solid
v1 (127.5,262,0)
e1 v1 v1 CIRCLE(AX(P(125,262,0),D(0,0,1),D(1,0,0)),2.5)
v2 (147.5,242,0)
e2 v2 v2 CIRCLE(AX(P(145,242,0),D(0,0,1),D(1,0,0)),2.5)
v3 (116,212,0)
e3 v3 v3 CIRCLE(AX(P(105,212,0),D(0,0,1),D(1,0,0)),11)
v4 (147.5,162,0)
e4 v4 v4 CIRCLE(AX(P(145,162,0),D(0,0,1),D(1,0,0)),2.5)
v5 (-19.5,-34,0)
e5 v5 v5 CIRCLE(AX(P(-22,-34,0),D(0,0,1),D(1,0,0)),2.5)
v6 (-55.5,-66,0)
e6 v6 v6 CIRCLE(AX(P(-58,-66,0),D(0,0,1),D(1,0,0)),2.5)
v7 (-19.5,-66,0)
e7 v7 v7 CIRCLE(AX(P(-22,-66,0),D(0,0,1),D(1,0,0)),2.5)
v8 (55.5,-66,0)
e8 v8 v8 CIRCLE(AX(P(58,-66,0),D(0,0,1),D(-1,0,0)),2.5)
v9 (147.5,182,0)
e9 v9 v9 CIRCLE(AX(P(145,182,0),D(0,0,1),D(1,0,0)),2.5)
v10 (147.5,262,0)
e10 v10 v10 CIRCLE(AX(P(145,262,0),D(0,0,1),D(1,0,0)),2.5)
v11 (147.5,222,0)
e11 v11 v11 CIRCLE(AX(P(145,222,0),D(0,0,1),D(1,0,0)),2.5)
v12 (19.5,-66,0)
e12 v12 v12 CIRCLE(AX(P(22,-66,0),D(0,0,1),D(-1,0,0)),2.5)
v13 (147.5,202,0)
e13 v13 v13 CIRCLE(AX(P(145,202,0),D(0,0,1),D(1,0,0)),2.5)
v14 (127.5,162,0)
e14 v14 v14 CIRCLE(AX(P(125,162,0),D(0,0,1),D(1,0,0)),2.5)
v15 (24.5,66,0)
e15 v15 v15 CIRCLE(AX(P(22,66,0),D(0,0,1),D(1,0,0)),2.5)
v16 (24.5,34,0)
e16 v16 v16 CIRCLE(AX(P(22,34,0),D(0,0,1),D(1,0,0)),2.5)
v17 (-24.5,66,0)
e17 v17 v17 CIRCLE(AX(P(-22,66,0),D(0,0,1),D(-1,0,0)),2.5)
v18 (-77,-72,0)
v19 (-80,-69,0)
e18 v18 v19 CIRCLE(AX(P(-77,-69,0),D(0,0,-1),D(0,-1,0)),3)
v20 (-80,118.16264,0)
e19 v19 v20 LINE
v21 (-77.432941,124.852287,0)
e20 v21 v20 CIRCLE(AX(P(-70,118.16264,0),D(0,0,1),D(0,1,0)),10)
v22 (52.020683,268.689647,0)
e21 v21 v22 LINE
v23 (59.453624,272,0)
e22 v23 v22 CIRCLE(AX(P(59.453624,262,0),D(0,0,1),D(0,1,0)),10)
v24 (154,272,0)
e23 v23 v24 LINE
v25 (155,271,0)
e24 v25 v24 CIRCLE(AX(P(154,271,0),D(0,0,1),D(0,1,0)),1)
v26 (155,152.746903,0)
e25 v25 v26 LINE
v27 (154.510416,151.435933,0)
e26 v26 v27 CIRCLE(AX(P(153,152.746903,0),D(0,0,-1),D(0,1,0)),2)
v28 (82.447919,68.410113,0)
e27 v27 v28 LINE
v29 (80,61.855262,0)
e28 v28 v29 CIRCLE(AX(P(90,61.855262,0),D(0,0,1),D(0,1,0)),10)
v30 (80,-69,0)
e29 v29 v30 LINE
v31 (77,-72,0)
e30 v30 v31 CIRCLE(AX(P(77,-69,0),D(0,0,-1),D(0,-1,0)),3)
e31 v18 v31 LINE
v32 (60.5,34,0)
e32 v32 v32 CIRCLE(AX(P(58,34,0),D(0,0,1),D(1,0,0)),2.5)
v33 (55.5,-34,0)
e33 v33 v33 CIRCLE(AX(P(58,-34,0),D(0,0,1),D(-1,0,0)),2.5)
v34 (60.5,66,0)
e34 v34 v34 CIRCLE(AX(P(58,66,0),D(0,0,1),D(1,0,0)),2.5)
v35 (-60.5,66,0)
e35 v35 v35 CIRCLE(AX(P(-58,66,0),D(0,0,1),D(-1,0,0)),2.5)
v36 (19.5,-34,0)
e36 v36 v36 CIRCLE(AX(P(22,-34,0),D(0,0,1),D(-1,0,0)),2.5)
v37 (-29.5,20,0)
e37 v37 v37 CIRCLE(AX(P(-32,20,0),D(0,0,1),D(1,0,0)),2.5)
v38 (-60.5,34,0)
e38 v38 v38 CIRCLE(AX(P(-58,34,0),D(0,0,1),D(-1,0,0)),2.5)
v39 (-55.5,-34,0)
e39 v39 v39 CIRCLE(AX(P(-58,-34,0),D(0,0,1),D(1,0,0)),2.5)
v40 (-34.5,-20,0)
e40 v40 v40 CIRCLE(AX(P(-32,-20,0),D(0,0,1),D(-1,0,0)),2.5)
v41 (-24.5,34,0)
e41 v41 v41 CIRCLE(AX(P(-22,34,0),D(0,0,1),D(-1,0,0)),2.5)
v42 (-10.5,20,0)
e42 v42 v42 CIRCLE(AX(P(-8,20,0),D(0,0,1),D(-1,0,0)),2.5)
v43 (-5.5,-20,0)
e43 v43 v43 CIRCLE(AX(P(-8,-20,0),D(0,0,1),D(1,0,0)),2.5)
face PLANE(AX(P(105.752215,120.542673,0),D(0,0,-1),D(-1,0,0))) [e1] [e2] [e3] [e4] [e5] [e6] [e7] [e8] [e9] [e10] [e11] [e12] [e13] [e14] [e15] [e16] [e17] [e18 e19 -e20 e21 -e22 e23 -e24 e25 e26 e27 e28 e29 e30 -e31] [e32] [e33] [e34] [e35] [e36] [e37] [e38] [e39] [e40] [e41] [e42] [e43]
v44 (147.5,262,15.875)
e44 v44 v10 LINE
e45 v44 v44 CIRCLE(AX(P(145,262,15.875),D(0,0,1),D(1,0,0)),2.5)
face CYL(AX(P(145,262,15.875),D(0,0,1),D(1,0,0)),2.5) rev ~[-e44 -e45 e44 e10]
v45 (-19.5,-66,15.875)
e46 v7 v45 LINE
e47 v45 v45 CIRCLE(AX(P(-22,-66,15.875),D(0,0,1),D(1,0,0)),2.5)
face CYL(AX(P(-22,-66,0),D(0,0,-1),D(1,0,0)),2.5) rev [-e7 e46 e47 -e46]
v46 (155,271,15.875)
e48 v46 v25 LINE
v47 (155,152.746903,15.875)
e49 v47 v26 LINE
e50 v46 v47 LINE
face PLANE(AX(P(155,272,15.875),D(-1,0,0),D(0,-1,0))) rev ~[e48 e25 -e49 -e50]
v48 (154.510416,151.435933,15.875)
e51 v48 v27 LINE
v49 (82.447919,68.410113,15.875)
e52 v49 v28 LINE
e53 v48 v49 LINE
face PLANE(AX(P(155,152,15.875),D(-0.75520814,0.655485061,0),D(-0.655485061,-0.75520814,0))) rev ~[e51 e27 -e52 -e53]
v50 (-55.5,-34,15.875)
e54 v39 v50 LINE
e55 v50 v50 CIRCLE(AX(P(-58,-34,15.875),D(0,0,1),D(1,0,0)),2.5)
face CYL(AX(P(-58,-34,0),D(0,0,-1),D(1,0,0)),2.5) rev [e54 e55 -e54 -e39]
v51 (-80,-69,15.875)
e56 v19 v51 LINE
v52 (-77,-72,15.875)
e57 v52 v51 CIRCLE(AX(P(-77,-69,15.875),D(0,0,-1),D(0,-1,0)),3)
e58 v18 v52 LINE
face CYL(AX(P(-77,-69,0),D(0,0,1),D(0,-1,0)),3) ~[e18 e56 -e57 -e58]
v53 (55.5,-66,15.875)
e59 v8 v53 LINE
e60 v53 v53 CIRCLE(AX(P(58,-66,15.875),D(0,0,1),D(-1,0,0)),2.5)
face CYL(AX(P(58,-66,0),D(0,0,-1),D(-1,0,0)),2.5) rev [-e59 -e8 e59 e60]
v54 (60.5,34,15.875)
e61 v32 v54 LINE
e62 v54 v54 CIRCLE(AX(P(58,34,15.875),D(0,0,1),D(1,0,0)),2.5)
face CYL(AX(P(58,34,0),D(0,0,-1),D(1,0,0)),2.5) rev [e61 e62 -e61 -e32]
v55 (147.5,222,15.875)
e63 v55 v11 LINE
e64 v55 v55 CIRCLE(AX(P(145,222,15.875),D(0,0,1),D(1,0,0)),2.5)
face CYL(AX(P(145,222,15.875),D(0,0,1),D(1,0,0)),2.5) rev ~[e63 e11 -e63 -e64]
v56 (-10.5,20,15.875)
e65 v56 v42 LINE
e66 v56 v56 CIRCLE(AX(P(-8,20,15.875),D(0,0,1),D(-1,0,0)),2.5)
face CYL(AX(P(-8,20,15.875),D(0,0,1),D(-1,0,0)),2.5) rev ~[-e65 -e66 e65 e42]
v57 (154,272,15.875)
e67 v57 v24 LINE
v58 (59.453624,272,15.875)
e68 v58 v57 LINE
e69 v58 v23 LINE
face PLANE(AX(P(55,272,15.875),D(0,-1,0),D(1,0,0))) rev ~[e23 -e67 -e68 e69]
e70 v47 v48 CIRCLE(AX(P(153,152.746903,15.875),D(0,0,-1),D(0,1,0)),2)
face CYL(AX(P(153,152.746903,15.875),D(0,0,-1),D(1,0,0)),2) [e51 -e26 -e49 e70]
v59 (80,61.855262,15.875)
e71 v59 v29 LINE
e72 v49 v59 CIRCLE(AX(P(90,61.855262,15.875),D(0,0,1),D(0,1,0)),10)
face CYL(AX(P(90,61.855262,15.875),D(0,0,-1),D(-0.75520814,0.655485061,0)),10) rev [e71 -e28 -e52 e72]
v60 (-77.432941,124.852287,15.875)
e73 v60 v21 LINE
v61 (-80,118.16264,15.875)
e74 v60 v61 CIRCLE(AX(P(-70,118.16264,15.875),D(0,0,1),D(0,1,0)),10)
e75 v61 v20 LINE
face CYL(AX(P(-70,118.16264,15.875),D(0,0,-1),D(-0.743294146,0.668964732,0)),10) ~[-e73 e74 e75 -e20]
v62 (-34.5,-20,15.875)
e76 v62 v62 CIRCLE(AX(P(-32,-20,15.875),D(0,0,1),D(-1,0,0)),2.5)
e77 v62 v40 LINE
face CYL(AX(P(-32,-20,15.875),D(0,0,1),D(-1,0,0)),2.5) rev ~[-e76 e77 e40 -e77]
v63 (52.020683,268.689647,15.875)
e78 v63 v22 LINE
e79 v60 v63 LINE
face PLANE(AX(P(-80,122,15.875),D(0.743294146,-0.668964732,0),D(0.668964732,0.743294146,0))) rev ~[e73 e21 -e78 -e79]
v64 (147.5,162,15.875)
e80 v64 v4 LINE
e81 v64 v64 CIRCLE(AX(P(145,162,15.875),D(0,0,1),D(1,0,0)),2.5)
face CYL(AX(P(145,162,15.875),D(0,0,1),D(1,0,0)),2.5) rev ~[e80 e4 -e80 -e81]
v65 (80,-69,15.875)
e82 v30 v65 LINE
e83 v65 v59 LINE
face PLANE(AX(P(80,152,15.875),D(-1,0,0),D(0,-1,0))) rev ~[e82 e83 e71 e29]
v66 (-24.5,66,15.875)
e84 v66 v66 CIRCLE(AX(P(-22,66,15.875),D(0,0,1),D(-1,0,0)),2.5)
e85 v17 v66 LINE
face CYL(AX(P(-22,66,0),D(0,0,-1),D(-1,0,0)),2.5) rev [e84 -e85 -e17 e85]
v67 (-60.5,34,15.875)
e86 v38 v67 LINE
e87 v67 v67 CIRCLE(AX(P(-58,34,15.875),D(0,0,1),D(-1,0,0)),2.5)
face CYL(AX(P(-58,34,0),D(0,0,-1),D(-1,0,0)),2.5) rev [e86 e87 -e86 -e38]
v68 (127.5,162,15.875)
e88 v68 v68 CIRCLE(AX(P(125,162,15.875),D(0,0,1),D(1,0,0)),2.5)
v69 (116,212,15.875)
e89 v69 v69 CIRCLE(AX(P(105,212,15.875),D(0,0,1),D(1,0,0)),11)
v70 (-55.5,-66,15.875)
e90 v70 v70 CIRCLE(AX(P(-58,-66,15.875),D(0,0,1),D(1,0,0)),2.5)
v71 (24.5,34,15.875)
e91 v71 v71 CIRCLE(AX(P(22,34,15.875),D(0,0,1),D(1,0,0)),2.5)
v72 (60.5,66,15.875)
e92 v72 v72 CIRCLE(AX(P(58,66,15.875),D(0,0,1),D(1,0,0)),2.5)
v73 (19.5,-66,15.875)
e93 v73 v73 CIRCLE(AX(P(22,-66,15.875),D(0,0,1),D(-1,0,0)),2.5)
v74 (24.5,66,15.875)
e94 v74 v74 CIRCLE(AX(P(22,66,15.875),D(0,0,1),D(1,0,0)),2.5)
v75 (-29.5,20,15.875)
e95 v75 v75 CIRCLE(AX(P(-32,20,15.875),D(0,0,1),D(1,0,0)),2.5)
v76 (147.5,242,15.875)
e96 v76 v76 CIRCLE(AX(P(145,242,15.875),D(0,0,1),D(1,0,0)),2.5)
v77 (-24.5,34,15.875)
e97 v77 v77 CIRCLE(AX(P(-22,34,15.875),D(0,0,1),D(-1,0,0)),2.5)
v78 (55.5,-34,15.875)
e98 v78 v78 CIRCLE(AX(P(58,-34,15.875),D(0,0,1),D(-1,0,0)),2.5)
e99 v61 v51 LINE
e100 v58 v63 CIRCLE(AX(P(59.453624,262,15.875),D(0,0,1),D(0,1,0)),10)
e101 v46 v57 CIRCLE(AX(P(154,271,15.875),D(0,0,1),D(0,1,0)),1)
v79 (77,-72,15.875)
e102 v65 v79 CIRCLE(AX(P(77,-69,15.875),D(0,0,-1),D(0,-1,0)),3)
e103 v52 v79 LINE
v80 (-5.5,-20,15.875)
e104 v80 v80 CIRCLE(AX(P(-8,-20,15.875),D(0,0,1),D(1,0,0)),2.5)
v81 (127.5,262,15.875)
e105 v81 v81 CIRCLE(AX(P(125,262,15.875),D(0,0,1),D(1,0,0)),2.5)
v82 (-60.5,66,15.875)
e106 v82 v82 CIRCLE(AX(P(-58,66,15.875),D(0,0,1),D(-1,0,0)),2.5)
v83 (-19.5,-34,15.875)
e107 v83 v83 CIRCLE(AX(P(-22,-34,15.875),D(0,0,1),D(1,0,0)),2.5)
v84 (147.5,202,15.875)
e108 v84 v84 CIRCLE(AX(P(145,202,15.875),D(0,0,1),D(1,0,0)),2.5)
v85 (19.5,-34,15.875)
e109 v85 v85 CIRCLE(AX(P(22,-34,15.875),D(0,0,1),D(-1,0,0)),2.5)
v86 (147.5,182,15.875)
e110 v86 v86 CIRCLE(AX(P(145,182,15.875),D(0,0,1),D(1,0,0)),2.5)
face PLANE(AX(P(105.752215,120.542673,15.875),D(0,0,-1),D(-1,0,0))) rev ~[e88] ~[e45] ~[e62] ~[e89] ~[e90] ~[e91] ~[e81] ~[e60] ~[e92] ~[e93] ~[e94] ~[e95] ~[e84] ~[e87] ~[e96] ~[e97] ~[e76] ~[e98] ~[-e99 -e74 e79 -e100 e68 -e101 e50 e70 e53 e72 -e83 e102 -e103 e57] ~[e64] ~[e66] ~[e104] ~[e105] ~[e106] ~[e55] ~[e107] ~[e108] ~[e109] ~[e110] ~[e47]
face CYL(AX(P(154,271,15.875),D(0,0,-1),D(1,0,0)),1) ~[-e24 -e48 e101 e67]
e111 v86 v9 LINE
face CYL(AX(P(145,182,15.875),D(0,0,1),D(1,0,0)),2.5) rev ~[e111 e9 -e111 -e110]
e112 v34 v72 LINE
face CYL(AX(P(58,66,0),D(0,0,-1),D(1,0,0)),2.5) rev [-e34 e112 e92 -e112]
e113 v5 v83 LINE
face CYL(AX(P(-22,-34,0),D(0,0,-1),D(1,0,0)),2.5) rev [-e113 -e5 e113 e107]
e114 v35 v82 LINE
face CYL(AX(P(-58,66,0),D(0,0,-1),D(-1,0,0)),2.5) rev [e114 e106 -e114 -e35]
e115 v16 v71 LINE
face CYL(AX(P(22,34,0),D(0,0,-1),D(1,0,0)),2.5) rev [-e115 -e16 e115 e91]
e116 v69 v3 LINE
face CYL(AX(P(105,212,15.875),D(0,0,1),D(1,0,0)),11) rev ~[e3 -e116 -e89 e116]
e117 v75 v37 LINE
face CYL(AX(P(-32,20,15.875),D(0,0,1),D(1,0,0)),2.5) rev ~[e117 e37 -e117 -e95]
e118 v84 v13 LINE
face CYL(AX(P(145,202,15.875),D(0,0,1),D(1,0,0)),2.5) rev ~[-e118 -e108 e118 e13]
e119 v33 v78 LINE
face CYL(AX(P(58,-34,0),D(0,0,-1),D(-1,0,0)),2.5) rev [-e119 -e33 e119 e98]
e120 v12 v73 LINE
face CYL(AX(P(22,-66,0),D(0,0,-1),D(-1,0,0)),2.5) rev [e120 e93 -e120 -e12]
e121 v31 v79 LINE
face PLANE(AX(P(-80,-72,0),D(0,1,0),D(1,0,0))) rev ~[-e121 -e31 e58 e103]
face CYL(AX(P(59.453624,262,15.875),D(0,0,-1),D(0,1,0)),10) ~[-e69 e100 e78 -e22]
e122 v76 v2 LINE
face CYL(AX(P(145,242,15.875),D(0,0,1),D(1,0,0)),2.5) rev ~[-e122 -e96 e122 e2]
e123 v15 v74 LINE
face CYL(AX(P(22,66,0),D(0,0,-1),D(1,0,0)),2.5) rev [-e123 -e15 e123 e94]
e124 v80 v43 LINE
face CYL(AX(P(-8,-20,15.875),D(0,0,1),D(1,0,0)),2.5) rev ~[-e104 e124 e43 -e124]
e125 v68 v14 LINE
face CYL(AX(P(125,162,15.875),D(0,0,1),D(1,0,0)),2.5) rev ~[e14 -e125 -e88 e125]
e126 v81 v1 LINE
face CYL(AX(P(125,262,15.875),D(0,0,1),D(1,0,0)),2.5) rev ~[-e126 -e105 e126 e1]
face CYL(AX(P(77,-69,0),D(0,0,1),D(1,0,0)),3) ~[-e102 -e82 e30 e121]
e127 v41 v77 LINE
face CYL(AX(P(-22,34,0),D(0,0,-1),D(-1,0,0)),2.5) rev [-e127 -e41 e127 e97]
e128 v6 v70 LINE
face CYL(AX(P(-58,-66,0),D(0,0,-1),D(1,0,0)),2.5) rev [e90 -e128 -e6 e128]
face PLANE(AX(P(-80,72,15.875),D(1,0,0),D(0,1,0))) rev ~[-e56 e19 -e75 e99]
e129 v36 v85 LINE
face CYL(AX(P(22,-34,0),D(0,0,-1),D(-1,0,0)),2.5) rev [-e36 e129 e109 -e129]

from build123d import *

# Parameters (mm, degrees)
SKETCH1_W           = 160
SKETCH1_H           = 144
SKETCH1_R           = 2.5
BOSS_EXTRUDE1_DEPTH = 15.875
BOSS_EXTRUDE2_DEPTH = 15.875
BOSS_EXTRUDE3_DEPTH = 15.875
FILLET2_R           = 10
SKETCH4_R           = 2.5
CUT_EXTRUDE1_DEPTH  = 314.466131544
FILLET3_R           = 1
SKETCH5_R           = 2.5
CUT_EXTRUDE2_DEPTH  = 314.466131544
FILLET4_R           = 2
SKETCH6_R           = 11
CUT_EXTRUDE3_DEPTH  = 314.466131544
FILLET5_R           = 3


with BuildPart() as part:
    # Sketch1 → Boss-Extrude1 (new body)
    with BuildSketch(Plane.XY):
        Rectangle(SKETCH1_W, SKETCH1_H)
        with Locations((-58, -66)):
            Circle(SKETCH1_R, mode=Mode.SUBTRACT)
        with Locations((-22, -66)):
            Circle(SKETCH1_R, mode=Mode.SUBTRACT)
        with Locations((-58, -34)):
            Circle(SKETCH1_R, mode=Mode.SUBTRACT)
        with Locations((-22, -34)):
            Circle(SKETCH1_R, mode=Mode.SUBTRACT)
        with Locations(Location((58, -66, 0), (0, 0, 180))):
            Circle(SKETCH1_R, mode=Mode.SUBTRACT)
        with Locations(Location((22, -66, 0), (0, 0, 180))):
            Circle(SKETCH1_R, mode=Mode.SUBTRACT)
        with Locations(Location((22, -34, 0), (0, 0, 180))):
            Circle(SKETCH1_R, mode=Mode.SUBTRACT)
        with Locations(Location((58, -34, 0), (0, 0, 180))):
            Circle(SKETCH1_R, mode=Mode.SUBTRACT)
        with Locations(Location((-58, 66, 0), (0, 0, 180))):
            Circle(SKETCH1_R, mode=Mode.SUBTRACT)
        with Locations(Location((-22, 66, 0), (0, 0, 180))):
            Circle(SKETCH1_R, mode=Mode.SUBTRACT)
        with Locations((22, 66)):
            Circle(SKETCH1_R, mode=Mode.SUBTRACT)
        with Locations((58, 66)):
            Circle(SKETCH1_R, mode=Mode.SUBTRACT)
        with Locations((58, 34)):
            Circle(SKETCH1_R, mode=Mode.SUBTRACT)
        with Locations((22, 34)):
            Circle(SKETCH1_R, mode=Mode.SUBTRACT)
        with Locations(Location((-22, 34, 0), (0, 0, 180))):
            Circle(SKETCH1_R, mode=Mode.SUBTRACT)
        with Locations(Location((-58, 34, 0), (0, 0, 180))):
            Circle(SKETCH1_R, mode=Mode.SUBTRACT)
    extrude(amount=BOSS_EXTRUDE1_DEPTH)

    # Sketch2 → Boss-Extrude2 (add, through all)
    with BuildSketch(Plane.XY.offset(15.875)):
        Polygon((55, 272), (155, 272), (155, 152), (80, 152), (80, 72), (-80, 72), (-80, 122), align=None)
    extrude(amount=-BOSS_EXTRUDE2_DEPTH)

    # Sketch3 → Boss-Extrude3 (add, through all)
    with BuildSketch(Plane.XY.offset(15.875)):
        Polygon((155, 152), (80, 65.589776693), (80, 152), align=None)
    extrude(amount=-BOSS_EXTRUDE3_DEPTH)

    # Fillet2
    fillet2_edges = [part.edges().sort_by_distance(p)[0] for p in [
        (80, 65.589776693, 7.9375),
        (-80, 122, 7.9375),
        (55, 272, 7.9375),
    ]]
    fillet(fillet2_edges, radius=FILLET2_R)

    # Sketch4 → Cut-Extrude1 (cut, through all)
    with BuildSketch(Plane.XY.offset(15.875)):
        with Locations((-32, 20)):
            Circle(SKETCH4_R)
        with Locations(Location((-8, 20, 0), (0, 0, 180))):
            Circle(SKETCH4_R)
        with Locations((-8, -20)):
            Circle(SKETCH4_R)
        with Locations(Location((-32, -20, 0), (0, 0, 180))):
            Circle(SKETCH4_R)
    extrude(amount=-CUT_EXTRUDE1_DEPTH, mode=Mode.SUBTRACT)

    # Fillet3
    fillet3_edges = [part.edges().sort_by_distance(p)[0] for p in [
        (155, 272, 7.9375),
    ]]
    fillet(fillet3_edges, radius=FILLET3_R)

    # Sketch5 → Cut-Extrude2 (cut, through all)
    with BuildSketch(Plane.XY.offset(15.875)):
        with Locations((145, 262)):
            Circle(SKETCH5_R)
        with Locations((145, 242)):
            Circle(SKETCH5_R)
        with Locations((145, 222)):
            Circle(SKETCH5_R)
        with Locations((145, 202)):
            Circle(SKETCH5_R)
        with Locations((145, 182)):
            Circle(SKETCH5_R)
        with Locations((145, 162)):
            Circle(SKETCH5_R)
        with Locations((125, 162)):
            Circle(SKETCH5_R)
        with Locations((125, 262)):
            Circle(SKETCH5_R)
    extrude(amount=-CUT_EXTRUDE2_DEPTH, mode=Mode.SUBTRACT)

    # Fillet4
    fillet4_edges = [part.edges().sort_by_distance(p)[0] for p in [
        (155, 152, 7.9375),
    ]]
    fillet(fillet4_edges, radius=FILLET4_R)

    # Sketch6 → Cut-Extrude3 (cut, through all)
    with BuildSketch(Plane.XY.offset(15.875)):
        with Locations((105, 212)):
            Circle(SKETCH6_R)
    extrude(amount=-CUT_EXTRUDE3_DEPTH, mode=Mode.SUBTRACT)

    # Fillet5
    fillet5_edges = [part.edges().sort_by_distance(p)[0] for p in [
        (80, -72, 7.9375),
        (-80, -72, 7.9375),
    ]]
    fillet(fillet5_edges, radius=FILLET5_R)


solid = part.part
